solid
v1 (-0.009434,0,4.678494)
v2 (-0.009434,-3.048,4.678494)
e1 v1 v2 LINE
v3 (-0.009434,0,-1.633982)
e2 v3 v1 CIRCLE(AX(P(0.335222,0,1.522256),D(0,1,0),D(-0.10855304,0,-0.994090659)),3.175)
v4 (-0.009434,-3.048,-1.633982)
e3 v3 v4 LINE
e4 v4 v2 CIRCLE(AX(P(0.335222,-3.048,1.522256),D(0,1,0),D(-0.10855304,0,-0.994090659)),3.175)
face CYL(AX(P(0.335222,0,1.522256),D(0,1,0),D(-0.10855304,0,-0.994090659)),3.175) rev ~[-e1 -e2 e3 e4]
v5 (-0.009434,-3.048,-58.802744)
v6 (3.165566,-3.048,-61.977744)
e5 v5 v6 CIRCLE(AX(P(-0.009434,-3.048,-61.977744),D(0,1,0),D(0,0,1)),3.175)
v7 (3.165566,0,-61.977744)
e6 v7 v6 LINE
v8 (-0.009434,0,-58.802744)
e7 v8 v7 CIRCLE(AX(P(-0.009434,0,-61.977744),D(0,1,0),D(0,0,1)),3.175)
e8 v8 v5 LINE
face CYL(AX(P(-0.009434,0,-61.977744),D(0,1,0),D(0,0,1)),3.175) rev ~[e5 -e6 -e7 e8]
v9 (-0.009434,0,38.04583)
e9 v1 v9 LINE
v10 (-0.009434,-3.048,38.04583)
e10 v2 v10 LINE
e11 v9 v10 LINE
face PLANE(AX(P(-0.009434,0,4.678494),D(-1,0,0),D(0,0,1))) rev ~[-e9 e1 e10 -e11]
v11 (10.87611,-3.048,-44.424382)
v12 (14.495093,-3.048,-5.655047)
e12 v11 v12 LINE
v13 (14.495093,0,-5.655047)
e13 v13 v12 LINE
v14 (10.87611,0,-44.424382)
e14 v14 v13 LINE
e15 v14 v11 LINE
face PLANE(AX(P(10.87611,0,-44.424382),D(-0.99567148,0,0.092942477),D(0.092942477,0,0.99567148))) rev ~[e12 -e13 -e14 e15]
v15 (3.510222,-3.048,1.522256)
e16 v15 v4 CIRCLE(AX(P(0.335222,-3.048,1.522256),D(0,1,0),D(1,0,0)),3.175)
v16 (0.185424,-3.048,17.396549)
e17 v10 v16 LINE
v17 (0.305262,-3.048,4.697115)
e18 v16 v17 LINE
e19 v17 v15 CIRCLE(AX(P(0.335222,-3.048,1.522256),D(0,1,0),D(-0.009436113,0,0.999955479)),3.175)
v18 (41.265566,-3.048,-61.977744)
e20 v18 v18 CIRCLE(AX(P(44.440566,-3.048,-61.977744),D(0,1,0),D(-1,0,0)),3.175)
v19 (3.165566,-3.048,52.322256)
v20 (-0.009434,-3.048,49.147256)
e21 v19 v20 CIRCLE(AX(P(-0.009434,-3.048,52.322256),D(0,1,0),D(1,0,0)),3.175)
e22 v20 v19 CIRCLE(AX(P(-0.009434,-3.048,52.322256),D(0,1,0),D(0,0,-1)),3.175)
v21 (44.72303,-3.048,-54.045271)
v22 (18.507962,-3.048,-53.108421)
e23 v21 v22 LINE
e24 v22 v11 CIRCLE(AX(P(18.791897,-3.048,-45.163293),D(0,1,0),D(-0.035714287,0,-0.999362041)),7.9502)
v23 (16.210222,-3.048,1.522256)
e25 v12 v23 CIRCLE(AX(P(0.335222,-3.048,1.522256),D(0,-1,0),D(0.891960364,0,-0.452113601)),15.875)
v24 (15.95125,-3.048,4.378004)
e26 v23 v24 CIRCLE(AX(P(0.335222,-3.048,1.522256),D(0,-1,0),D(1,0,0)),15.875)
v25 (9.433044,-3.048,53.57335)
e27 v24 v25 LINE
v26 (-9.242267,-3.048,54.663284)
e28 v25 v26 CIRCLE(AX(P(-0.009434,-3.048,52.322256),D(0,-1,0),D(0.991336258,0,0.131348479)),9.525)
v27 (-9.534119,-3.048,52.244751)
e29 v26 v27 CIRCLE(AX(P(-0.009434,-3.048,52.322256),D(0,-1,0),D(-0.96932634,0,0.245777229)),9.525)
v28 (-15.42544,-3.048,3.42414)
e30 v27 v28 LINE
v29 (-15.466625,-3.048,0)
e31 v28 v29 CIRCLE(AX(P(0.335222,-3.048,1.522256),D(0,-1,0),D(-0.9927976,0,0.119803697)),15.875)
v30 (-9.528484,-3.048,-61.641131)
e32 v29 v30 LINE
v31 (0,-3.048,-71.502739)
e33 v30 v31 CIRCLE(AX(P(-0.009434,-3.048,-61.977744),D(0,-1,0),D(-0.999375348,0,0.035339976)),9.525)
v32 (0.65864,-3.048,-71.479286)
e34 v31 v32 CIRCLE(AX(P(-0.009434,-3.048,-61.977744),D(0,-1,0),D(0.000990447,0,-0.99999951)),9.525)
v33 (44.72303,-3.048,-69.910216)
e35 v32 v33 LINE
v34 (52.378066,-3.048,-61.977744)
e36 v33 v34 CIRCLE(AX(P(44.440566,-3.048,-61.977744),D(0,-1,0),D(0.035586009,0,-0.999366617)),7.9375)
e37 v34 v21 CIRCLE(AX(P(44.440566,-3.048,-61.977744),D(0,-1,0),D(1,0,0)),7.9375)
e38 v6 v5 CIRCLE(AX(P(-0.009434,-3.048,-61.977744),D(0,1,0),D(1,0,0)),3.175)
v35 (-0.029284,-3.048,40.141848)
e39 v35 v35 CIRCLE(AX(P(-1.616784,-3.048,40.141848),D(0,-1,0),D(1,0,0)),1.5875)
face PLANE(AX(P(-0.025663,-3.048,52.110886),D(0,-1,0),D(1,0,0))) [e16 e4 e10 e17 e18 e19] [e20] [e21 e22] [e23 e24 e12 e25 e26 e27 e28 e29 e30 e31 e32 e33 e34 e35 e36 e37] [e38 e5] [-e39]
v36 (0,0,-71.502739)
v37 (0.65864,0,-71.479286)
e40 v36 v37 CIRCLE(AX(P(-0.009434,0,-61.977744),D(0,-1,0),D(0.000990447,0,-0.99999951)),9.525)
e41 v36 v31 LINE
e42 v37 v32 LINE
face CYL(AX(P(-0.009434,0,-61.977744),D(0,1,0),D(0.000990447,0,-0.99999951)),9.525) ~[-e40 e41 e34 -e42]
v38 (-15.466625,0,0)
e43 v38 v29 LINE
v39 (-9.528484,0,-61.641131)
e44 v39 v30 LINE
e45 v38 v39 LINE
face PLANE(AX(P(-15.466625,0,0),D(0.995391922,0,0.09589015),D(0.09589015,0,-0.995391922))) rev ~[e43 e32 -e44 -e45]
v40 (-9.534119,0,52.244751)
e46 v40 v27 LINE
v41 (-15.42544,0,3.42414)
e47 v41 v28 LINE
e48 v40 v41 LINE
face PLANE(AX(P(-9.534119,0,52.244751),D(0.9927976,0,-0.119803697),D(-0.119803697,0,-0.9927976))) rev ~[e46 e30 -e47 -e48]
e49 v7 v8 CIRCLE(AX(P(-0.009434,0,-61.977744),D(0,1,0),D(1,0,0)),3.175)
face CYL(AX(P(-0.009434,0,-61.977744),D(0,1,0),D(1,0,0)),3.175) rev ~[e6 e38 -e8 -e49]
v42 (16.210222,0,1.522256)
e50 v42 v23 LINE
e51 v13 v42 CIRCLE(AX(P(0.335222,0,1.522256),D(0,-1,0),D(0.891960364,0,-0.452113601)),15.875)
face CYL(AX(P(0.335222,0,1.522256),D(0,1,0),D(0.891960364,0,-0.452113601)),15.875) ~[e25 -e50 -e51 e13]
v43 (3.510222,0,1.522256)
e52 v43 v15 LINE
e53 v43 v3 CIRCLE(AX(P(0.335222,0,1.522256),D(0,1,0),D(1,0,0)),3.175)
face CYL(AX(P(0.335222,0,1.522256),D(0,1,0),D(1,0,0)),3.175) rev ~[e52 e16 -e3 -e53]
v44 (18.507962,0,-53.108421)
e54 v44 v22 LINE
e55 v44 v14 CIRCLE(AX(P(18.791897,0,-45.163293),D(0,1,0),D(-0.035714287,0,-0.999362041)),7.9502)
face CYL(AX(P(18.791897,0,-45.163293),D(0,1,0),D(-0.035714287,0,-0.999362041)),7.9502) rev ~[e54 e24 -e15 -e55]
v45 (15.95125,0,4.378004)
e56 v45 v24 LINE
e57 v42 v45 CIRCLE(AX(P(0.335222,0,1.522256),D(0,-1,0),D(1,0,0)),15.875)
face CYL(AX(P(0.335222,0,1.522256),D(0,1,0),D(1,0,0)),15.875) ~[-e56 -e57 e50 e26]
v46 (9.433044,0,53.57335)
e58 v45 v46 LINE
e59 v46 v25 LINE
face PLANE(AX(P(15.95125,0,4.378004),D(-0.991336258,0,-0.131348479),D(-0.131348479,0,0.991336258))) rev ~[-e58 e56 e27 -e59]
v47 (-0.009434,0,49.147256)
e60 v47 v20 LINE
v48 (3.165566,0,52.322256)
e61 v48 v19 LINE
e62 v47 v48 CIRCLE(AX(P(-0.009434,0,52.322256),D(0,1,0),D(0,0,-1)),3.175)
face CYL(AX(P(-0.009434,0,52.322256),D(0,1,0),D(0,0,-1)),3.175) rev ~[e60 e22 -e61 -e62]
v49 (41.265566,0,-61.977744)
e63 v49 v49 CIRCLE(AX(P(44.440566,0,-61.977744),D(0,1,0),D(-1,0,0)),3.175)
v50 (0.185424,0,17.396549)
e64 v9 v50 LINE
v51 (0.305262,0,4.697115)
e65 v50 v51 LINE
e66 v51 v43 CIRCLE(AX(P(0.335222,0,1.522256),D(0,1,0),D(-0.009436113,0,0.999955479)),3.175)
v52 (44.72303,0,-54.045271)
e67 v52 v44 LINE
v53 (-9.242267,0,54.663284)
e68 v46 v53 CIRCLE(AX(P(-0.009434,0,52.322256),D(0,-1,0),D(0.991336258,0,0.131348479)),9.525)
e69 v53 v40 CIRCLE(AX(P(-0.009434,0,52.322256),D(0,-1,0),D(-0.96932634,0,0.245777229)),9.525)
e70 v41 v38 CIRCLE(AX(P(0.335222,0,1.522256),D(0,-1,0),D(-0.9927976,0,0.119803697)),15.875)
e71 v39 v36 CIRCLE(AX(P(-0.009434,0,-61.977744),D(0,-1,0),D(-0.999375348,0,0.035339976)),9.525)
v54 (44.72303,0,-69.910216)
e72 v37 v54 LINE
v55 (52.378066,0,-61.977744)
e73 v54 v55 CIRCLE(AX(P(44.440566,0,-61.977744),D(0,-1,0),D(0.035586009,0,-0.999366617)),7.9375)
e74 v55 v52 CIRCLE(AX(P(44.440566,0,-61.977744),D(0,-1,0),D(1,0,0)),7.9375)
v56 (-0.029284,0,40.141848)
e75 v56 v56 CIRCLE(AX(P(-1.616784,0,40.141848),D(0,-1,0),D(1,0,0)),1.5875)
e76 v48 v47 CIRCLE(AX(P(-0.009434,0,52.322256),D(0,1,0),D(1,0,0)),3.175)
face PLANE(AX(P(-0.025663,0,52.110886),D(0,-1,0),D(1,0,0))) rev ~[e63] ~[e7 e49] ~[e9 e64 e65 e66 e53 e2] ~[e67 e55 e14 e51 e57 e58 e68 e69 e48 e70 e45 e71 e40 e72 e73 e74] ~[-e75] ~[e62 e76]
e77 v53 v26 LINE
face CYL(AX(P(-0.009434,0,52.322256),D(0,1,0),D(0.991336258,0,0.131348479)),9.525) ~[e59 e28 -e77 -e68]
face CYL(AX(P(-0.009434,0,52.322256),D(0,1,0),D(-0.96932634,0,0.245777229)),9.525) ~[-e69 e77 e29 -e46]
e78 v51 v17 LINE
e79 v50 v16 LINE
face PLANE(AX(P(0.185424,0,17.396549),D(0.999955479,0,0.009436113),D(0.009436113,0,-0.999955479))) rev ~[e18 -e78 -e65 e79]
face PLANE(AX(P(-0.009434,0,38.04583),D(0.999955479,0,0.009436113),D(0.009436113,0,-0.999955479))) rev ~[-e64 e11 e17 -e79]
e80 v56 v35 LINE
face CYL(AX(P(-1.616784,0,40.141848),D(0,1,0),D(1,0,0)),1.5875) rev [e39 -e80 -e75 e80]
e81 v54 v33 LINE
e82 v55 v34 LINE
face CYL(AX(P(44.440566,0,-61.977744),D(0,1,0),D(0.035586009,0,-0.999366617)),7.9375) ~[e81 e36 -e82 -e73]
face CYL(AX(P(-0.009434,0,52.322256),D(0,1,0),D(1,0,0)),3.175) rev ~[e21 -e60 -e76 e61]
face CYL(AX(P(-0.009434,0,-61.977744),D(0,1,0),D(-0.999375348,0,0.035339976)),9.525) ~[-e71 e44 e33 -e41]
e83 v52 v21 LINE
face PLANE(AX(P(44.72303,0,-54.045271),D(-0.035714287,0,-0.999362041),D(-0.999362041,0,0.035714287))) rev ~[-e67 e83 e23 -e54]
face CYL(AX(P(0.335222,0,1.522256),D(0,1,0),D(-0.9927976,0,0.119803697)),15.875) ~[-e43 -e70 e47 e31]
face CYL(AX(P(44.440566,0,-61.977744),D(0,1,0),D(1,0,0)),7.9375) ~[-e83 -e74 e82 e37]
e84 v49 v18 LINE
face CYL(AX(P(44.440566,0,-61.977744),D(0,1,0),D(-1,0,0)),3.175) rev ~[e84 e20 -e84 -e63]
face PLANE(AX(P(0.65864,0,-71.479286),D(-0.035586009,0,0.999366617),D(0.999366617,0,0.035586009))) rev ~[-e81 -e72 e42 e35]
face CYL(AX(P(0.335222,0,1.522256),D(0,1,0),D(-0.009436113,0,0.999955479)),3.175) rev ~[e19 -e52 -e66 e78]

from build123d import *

# Parameters (mm, degrees)
F0_R     = 1.5875
F1_DEPTH = 3.048


with BuildPart() as f1:
    # F0 (on Front) → F1 (new body)
    with BuildSketch(Plane.XZ):
        with BuildLine():
            ThreePointArc((-9.5341186691, 52.2447508267), (-6.7171678622, 45.5597172954), (-0.0094340062, 42.7972561321))
            ThreePointArc((-0.0094340062, 42.7972561321), (6.7257580846, 45.5870640413), (9.5155659938, 52.3222561321))
            ThreePointArc((9.5155659938, 52.3222561321), (9.4949130682, 52.9491625761), (9.4330438542, 53.573350395))
            ThreePointArc((9.4330438542, 53.573350395), (0.5455224312, 61.8310756357), (-9.2422673958, 54.6632842395))
            Line((-9.2422673958, 54.6632842395), (-9.5341186691, 52.2447508267))
        make_face()
        with BuildLine():
            ThreePointArc((3.1655659938, 52.3222561321), (2.235630024, 50.0771921018), (-0.0094340062, 49.1472561321))
            ThreePointArc((-0.0094340062, 49.1472561321), (-2.2544980365, 54.5673201623), (3.1655659938, 52.3222561321))
        make_face(mode=Mode.SUBTRACT)
        with BuildLine():
            ThreePointArc((9.5155659938, 52.3222561321), (6.7257580846, 45.5870640413), (-0.0094340062, 42.7972561321))
            Line((-0.0094340062, 42.7972561321), (-0.0094340062, 38.0458299899))
            Line((-0.0094340062, 38.0458299899), (0.1854236079, 17.3965493596))
            ThreePointArc((0.1854236079, 17.3965493596), (10.4432233162, 13.7633317509), (15.9512497798, 4.3780043978))
            Line((15.9512497798, 4.3780043978), (9.4330438542, 53.573350395))
            ThreePointArc((9.4330438542, 53.573350395), (9.4949130682, 52.9491625761), (9.5155659938, 52.3222561321))
        make_face()
        with BuildLine():
            Line((-0.0094340062, 38.0458299899), (-0.0094340062, 42.7972561321))
            ThreePointArc((-0.0094340062, 42.7972561321), (-6.7171678622, 45.5597172954), (-9.5341186691, 52.2447508267))
            Line((-9.5341186691, 52.2447508267), (-15.4254400006, 3.4241398184))
            ThreePointArc((-15.4254400006, 3.4241398184), (-10.3245703873, 13.2859483017), (-0.0094340062, 17.3935143465))
            Line((-0.0094340062, 17.3935143465), (-0.0094340062, 38.0458299899))
        make_face()
        with Locations((-1.6167838335, 40.1418484393)):
            Circle(F0_R, mode=Mode.SUBTRACT)
        with BuildLine():
            ThreePointArc((-9.2422673958, 54.6632842395), (-9.4658311447, 53.4633863439), (-9.5341186691, 52.2447508267))
            Line((-9.5341186691, 52.2447508267), (-9.2422673958, 54.6632842395))
        make_face()
        with BuildLine():
            Line((-0.0094340062, 4.678493973), (-0.0094340062, 17.3935143465))
            ThreePointArc((-0.0094340062, 17.3935143465), (-10.3245703873, 13.2859483017), (-15.4254400006, 3.4241398184))
            ThreePointArc((-15.4254400006, 3.4241398184), (-15.5386299257, 1.7131836533), (-15.4666248709, 0))
            ThreePointArc((-15.4666248709, 0), (-10.4652805135, -10.1123806344), (-0.0094340062, -14.3490020823))
            Line((-0.0094340062, -14.3490020823), (-0.0094340062, -1.6339817089))
            ThreePointArc((-0.0094340062, -1.6339817089), (-2.8397781032, 1.5222561321), (-0.0094340062, 4.678493973))
        make_face()
        with BuildLine():
            ThreePointArc((15.9512497798, 4.3780043978), (10.4432233162, 13.7633317509), (0.1854236079, 17.3965493596))
            Line((0.1854236079, 17.3965493596), (0.305262239, 4.6971147776))
            ThreePointArc((0.305262239, 4.6971147776), (2.5696684822, 3.7778876305), (3.5102218968, 1.5222561321))
            ThreePointArc((3.5102218968, 1.5222561321), (2.4549320784, -0.8415234148), (-0.0094340062, -1.6339817089))
            Line((-0.0094340062, -1.6339817089), (-0.0094340062, -14.3490020823))
            ThreePointArc((-0.0094340062, -14.3490020823), (8.4967936253, -12.09407127), (14.495092683, -5.6550472833))
            ThreePointArc((14.495092683, -5.6550472833), (15.7754870132, -2.1674373693), (16.2102218968, 1.5222561321))
            ThreePointArc((16.2102218968, 1.5222561321), (16.1453463055, 2.9559894332), (15.9512497798, 4.3780043978))
        make_face()
        with BuildLine():
            ThreePointArc((-0.0094340062, -14.3490020823), (-10.4652805135, -10.1123806344), (-15.4666248709, 0))
            Line((-15.4666248709, 0), (-9.5284841955, -61.6411305964))
            ThreePointArc((-9.5284841955, -61.6411305964), (-6.6245448741, -55.1245742942), (-0.0094340062, -52.4527438679))
            Line((-0.0094340062, -52.4527438679), (-0.0094340062, -14.3490020823))
        make_face()
        with BuildLine():
            ThreePointArc((14.495092683, -5.6550472833), (8.4967936253, -12.09407127), (-0.0094340062, -14.3490020823))
            Line((-0.0094340062, -14.3490020823), (-0.0094340062, -52.4527438679))
            ThreePointArc((-0.0094340062, -52.4527438679), (6.7257580846, -55.2425517771), (9.5155659938, -61.9777438679))
            Line((9.5155659938, -61.9777438679), (36.5030659938, -61.9777438679))
            ThreePointArc((36.5030659938, -61.9777438679), (38.9286766306, -56.2660907011), (44.7230299367, -54.0452713422))
            Line((44.7230299367, -54.0452713422), (18.5079615272, -53.1084211888))
            ThreePointArc((18.5079615272, -53.1084211888), (12.8201303591, -50.41150042), (10.8761098535, -44.4243818055))
            Line((10.8761098535, -44.4243818055), (14.495092683, -5.6550472833))
        make_face()
        with BuildLine():
            ThreePointArc((-0.0094340062, -52.4527438679), (-6.6245448741, -55.1245742942), (-9.5284841955, -61.6411305964))
            ThreePointArc((-9.5284841955, -61.6411305964), (-6.8593267813, -68.5962477752), (0, -71.502739196))
            Line((0, -71.502739196), (0.6586396335, -71.4792859855))
            ThreePointArc((0.6586396335, -71.4792859855), (6.9579552616, -68.4724426131), (9.5155659938, -61.9777438679))
            Line((9.5155659938, -61.9777438679), (3.1655659938, -61.9777438679))
            ThreePointArc((3.1655659938, -61.9777438679), (-2.2544980365, -64.2228078982), (-0.0094340062, -58.8027438679))
            Line((-0.0094340062, -58.8027438679), (-0.0094340062, -52.4527438679))
        make_face()
        with BuildLine():
            Line((0.6586396335, -71.4792859855), (0, -71.502739196))
            ThreePointArc((0, -71.502739196), (0.3295227253, -71.4967108988), (0.6586396335, -71.4792859855))
        make_face()
        with BuildLine():
            Line((36.5030659938, -61.9777438679), (9.5155659938, -61.9777438679))
            ThreePointArc((9.5155659938, -61.9777438679), (6.9579552616, -68.4724426131), (0.6586396335, -71.4792859855))
            Line((0.6586396335, -71.4792859855), (44.7230299367, -69.9102163936))
            ThreePointArc((44.7230299367, -69.9102163936), (38.9286766306, -67.6893970348), (36.5030659938, -61.9777438679))
        make_face()
        with BuildLine():
            ThreePointArc((44.7230299367, -54.0452713422), (38.9286766306, -56.2660907011), (36.5030659938, -61.9777438679))
            ThreePointArc((36.5030659938, -61.9777438679), (38.9286766306, -67.6893970348), (44.7230299367, -69.9102163936))
            ThreePointArc((44.7230299367, -69.9102163936), (50.1522191606, -67.4896332311), (52.3780659938, -61.9777438679))
            ThreePointArc((52.3780659938, -61.9777438679), (50.1522191606, -56.4658545048), (44.7230299367, -54.0452713422))
        make_face()
        with BuildLine():
            ThreePointArc((47.6155659938, -61.9777438679), (44.4405659938, -65.1527438679), (41.2655659938, -61.9777438679))
            ThreePointArc((41.2655659938, -61.9777438679), (44.4405659938, -58.8027438679), (47.6155659938, -61.9777438679))
        make_face(mode=Mode.SUBTRACT)
        with BuildLine():
            ThreePointArc((9.5155659938, -61.9777438679), (6.7257580846, -55.2425517771), (-0.0094340062, -52.4527438679))
            Line((-0.0094340062, -52.4527438679), (-0.0094340062, -58.8027438679))
            ThreePointArc((-0.0094340062, -58.8027438679), (2.235630024, -59.7326798377), (3.1655659938, -61.9777438679))
            Line((3.1655659938, -61.9777438679), (9.5155659938, -61.9777438679))
        make_face()
    extrude(amount=F1_DEPTH)


solid = f1.part
